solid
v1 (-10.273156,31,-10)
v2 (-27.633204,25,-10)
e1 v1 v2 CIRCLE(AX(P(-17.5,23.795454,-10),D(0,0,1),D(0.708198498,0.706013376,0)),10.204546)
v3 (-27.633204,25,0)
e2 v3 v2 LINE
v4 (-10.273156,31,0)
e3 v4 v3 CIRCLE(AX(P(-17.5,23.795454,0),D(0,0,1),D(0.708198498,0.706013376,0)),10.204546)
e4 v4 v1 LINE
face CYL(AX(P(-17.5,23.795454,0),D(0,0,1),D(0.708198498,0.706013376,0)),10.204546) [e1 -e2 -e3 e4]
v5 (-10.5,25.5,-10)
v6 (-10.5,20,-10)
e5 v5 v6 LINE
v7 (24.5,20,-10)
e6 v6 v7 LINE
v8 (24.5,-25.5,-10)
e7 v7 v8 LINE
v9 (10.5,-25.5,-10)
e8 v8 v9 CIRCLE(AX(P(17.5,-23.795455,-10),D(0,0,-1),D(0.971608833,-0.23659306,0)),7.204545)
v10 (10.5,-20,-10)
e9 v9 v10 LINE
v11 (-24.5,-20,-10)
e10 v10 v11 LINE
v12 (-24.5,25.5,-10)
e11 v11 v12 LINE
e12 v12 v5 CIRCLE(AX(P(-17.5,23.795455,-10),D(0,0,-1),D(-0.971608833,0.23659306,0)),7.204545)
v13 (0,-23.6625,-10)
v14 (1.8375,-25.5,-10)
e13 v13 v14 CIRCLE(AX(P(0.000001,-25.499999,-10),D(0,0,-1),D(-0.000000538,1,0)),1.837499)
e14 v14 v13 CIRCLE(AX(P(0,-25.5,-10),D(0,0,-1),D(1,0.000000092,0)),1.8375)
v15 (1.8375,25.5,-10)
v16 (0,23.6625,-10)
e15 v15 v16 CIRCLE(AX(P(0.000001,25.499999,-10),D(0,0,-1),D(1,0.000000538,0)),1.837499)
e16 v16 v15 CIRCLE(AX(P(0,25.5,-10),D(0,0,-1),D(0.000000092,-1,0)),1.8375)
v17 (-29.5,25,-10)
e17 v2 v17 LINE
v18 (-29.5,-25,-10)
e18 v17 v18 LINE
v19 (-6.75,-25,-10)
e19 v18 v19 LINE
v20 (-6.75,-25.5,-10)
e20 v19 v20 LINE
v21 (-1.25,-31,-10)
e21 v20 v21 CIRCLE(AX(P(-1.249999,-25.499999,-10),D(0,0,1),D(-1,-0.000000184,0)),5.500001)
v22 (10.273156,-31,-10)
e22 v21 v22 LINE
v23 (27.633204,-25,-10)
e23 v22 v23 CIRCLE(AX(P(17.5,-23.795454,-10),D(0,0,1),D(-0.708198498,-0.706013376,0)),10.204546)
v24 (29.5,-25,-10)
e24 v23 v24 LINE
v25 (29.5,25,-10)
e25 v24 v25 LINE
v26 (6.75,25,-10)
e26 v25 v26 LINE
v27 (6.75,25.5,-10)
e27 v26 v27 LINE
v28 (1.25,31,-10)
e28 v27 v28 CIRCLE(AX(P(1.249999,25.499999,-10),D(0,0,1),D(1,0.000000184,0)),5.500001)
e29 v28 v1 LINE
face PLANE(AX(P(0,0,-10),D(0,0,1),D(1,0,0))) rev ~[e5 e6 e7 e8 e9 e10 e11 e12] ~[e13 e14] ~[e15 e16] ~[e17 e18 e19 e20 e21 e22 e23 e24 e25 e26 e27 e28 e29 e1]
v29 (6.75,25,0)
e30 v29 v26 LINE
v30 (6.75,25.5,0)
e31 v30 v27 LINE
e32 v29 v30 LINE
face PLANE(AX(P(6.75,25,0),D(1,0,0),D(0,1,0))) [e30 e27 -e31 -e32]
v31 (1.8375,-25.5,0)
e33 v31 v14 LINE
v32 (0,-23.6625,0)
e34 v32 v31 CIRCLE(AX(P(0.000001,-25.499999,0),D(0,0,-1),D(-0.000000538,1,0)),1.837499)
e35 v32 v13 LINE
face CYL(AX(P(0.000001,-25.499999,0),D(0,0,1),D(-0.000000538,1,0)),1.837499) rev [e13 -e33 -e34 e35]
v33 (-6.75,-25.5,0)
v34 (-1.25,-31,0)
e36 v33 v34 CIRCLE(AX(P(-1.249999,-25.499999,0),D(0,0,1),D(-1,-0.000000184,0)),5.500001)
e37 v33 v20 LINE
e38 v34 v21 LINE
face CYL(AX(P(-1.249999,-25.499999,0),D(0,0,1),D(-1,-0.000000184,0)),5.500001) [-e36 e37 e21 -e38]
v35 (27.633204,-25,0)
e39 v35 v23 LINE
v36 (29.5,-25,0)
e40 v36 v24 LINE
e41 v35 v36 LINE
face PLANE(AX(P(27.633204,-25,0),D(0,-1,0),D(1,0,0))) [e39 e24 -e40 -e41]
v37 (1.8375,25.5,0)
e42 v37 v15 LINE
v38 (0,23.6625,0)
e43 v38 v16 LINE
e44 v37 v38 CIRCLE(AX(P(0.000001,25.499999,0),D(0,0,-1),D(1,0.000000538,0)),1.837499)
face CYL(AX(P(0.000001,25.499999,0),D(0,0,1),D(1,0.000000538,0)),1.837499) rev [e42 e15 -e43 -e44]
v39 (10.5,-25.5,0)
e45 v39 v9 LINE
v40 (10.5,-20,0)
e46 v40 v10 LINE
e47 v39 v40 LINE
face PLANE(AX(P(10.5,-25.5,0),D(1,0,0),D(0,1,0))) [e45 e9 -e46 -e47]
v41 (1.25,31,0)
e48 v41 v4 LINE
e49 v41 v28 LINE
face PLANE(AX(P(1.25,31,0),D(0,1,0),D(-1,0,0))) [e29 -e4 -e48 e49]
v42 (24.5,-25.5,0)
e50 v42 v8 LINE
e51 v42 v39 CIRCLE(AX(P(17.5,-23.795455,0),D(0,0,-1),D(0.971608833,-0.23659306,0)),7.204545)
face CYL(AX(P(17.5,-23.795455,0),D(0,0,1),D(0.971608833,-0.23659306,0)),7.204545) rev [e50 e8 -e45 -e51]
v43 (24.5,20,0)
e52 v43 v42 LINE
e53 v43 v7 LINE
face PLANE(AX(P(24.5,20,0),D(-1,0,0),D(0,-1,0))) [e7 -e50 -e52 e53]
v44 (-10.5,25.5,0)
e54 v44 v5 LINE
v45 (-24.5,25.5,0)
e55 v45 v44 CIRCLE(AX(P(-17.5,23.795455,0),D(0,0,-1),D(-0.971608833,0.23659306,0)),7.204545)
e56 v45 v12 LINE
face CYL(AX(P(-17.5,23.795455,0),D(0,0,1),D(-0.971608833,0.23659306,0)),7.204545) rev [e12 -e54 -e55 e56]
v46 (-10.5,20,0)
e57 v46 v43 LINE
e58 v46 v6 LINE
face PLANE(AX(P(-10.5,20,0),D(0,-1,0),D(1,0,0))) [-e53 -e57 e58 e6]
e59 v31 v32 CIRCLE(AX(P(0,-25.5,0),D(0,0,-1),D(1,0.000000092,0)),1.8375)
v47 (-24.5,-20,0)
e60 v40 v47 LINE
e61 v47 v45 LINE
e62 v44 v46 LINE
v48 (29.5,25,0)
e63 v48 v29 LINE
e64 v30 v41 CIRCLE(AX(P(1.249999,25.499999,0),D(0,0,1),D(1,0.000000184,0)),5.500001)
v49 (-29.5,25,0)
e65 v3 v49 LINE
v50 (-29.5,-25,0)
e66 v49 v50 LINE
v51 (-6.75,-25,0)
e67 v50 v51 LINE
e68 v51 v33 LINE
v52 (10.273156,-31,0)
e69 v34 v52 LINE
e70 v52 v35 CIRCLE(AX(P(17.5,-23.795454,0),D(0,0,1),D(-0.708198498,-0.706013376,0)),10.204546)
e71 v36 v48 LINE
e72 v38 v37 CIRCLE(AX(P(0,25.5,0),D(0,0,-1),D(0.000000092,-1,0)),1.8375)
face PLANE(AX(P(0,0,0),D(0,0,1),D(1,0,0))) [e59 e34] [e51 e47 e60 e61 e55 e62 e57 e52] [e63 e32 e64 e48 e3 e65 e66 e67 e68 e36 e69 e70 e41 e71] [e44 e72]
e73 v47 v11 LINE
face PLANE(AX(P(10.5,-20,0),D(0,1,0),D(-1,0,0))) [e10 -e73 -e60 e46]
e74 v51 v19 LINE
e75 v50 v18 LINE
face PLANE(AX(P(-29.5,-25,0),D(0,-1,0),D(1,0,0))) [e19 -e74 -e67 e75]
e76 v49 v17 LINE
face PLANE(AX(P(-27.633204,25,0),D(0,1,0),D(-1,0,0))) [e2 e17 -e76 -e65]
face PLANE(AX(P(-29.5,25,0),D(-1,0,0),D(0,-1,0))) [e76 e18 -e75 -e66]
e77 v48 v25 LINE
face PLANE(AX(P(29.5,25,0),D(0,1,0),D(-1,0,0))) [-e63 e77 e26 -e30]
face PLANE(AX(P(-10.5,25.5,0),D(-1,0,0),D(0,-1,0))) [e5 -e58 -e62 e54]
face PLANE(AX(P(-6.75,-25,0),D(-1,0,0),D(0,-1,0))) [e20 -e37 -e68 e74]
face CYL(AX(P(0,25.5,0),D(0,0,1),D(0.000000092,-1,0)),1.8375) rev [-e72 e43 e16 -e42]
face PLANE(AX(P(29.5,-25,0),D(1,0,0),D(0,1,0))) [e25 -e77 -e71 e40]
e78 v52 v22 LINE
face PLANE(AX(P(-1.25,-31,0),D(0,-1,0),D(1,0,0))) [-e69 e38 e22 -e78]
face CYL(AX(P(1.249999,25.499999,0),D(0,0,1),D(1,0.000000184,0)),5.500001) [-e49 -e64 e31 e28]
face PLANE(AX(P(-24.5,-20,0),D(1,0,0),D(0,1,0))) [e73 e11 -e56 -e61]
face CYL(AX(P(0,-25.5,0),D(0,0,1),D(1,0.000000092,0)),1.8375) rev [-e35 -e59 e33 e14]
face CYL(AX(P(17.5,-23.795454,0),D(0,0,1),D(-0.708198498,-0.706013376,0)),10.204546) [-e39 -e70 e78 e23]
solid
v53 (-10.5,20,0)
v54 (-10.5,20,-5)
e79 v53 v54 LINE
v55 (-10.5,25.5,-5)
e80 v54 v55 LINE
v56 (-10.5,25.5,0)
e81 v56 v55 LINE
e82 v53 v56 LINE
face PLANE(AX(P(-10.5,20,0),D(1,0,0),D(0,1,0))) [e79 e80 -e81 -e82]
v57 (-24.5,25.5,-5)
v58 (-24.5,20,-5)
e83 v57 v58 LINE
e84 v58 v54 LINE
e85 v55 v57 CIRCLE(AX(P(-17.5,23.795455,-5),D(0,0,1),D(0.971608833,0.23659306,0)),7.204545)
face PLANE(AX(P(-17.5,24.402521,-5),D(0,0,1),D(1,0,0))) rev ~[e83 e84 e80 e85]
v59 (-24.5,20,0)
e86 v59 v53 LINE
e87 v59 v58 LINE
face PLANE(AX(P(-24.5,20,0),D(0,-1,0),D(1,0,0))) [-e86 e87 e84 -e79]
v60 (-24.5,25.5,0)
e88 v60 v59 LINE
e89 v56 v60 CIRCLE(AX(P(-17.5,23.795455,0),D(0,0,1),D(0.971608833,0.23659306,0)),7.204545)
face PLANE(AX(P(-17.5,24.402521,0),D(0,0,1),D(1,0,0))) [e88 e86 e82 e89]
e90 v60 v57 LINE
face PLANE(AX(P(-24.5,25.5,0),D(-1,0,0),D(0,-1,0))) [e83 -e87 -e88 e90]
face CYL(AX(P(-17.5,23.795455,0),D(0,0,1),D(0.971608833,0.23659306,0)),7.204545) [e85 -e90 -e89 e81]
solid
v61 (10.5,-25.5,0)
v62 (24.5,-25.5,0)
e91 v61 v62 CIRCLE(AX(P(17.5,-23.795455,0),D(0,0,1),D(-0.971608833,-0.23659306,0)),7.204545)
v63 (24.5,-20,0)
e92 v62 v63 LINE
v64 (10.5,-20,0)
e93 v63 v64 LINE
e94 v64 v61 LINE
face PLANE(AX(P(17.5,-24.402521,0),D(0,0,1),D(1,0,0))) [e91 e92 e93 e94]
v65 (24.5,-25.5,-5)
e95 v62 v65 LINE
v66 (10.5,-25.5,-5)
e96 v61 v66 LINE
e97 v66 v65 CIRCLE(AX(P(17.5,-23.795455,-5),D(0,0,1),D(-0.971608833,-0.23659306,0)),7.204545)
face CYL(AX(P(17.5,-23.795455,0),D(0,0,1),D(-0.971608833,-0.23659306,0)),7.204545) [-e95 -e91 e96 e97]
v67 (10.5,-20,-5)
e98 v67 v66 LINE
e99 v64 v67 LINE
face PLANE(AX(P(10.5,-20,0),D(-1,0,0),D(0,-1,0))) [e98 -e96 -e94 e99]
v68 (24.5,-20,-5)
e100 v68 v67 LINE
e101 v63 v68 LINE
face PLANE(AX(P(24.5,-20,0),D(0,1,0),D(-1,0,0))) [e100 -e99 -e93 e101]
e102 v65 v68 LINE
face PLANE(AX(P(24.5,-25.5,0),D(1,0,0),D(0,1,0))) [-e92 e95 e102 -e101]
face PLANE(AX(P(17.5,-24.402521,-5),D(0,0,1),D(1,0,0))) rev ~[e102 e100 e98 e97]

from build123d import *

# Parameters (mm, degrees)
F0_DEPTH = 10
F2_DEPTH = 5


with BuildPart() as f0:
    # F1 (on Top) → F0 (new body)
    with BuildSketch(Plane.XY):
        with BuildLine():
            Line((29.5, 25), (6.75, 25))
            Line((6.75, 25), (6.75, 25.5))
            ThreePointArc((6.75, 25.5), (5.139087, 29.389087), (1.25, 31))
            Line((1.25, 31), (-10.273156, 31))
            ThreePointArc((-10.273156, 31), (-20.833426, 33.440195), (-27.633204, 25))
            Line((-27.633204, 25), (-29.5, 25))
            Line((-29.5, 25), (-29.5, -25))
            Line((-29.5, -25), (-6.75, -25))
            Line((-6.75, -25), (-6.75, -25.5))
            ThreePointArc((-6.75, -25.5), (-5.139087, -29.389087), (-1.25, -31))
            Line((-1.25, -31), (0, -31))
            Line((0, -31), (10.273156, -31))
            ThreePointArc((10.273156, -31), (20.833426, -33.440195), (27.633204, -25))
            Line((27.633204, -25), (29.5, -25))
            Line((29.5, -25), (29.5, 25))
        make_face()
        with BuildLine():
            ThreePointArc((1.8375, -25.5), (-1.299309, -26.799309), (0, -23.6625))
            ThreePointArc((0, -23.6625), (1.299309, -24.200691), (1.8375, -25.5))
        make_face(mode=Mode.SUBTRACT)
        with BuildLine():
            Line((-10.5, 25.5), (-10.5, 20))
            Line((-10.5, 20), (0, 20))
            Line((0, 20), (24.5, 20))
            Line((24.5, 20), (24.5, -20))
            Line((24.5, -20), (24.5, -25.5))
            ThreePointArc((24.5, -25.5), (17.5, -31), (10.5, -25.5))
            Line((10.5, -25.5), (10.5, -20))
            Line((10.5, -20), (0, -20))
            Line((0, -20), (-6.75, -20))
            Line((-6.75, -20), (-24.5, -20))
            Line((-24.5, -20), (-24.5, 20))
            Line((-24.5, 20), (-24.5, 25.5))
            ThreePointArc((-24.5, 25.5), (-17.5, 31), (-10.5, 25.5))
        make_face(mode=Mode.SUBTRACT)
        with BuildLine():
            ThreePointArc((1.8375, 25.5), (1.299309, 24.200691), (0, 23.6625))
            ThreePointArc((0, 23.6625), (-1.299309, 26.799309), (1.8375, 25.5))
        make_face(mode=Mode.SUBTRACT)
    extrude(amount=-F0_DEPTH)


with BuildPart() as f2:
    # F1 (on Top) → F2 (new body)
    with BuildSketch(Plane.XY):
        with BuildLine():
            Line((-24.5, 20), (-10.5, 20))
            Line((-10.5, 20), (-10.5, 25.5))
            ThreePointArc((-10.5, 25.5), (-17.5, 31), (-24.5, 25.5))
            Line((-24.5, 25.5), (-24.5, 20))
        make_face()
        with BuildLine():
            Line((24.5, -25.5), (24.5, -20))
            Line((24.5, -20), (10.5, -20))
            Line((10.5, -20), (10.5, -25.5))
            ThreePointArc((10.5, -25.5), (17.5, -31), (24.5, -25.5))
        make_face()
    extrude(amount=-F2_DEPTH)


solid = Compound([f0.part, f2.part])
